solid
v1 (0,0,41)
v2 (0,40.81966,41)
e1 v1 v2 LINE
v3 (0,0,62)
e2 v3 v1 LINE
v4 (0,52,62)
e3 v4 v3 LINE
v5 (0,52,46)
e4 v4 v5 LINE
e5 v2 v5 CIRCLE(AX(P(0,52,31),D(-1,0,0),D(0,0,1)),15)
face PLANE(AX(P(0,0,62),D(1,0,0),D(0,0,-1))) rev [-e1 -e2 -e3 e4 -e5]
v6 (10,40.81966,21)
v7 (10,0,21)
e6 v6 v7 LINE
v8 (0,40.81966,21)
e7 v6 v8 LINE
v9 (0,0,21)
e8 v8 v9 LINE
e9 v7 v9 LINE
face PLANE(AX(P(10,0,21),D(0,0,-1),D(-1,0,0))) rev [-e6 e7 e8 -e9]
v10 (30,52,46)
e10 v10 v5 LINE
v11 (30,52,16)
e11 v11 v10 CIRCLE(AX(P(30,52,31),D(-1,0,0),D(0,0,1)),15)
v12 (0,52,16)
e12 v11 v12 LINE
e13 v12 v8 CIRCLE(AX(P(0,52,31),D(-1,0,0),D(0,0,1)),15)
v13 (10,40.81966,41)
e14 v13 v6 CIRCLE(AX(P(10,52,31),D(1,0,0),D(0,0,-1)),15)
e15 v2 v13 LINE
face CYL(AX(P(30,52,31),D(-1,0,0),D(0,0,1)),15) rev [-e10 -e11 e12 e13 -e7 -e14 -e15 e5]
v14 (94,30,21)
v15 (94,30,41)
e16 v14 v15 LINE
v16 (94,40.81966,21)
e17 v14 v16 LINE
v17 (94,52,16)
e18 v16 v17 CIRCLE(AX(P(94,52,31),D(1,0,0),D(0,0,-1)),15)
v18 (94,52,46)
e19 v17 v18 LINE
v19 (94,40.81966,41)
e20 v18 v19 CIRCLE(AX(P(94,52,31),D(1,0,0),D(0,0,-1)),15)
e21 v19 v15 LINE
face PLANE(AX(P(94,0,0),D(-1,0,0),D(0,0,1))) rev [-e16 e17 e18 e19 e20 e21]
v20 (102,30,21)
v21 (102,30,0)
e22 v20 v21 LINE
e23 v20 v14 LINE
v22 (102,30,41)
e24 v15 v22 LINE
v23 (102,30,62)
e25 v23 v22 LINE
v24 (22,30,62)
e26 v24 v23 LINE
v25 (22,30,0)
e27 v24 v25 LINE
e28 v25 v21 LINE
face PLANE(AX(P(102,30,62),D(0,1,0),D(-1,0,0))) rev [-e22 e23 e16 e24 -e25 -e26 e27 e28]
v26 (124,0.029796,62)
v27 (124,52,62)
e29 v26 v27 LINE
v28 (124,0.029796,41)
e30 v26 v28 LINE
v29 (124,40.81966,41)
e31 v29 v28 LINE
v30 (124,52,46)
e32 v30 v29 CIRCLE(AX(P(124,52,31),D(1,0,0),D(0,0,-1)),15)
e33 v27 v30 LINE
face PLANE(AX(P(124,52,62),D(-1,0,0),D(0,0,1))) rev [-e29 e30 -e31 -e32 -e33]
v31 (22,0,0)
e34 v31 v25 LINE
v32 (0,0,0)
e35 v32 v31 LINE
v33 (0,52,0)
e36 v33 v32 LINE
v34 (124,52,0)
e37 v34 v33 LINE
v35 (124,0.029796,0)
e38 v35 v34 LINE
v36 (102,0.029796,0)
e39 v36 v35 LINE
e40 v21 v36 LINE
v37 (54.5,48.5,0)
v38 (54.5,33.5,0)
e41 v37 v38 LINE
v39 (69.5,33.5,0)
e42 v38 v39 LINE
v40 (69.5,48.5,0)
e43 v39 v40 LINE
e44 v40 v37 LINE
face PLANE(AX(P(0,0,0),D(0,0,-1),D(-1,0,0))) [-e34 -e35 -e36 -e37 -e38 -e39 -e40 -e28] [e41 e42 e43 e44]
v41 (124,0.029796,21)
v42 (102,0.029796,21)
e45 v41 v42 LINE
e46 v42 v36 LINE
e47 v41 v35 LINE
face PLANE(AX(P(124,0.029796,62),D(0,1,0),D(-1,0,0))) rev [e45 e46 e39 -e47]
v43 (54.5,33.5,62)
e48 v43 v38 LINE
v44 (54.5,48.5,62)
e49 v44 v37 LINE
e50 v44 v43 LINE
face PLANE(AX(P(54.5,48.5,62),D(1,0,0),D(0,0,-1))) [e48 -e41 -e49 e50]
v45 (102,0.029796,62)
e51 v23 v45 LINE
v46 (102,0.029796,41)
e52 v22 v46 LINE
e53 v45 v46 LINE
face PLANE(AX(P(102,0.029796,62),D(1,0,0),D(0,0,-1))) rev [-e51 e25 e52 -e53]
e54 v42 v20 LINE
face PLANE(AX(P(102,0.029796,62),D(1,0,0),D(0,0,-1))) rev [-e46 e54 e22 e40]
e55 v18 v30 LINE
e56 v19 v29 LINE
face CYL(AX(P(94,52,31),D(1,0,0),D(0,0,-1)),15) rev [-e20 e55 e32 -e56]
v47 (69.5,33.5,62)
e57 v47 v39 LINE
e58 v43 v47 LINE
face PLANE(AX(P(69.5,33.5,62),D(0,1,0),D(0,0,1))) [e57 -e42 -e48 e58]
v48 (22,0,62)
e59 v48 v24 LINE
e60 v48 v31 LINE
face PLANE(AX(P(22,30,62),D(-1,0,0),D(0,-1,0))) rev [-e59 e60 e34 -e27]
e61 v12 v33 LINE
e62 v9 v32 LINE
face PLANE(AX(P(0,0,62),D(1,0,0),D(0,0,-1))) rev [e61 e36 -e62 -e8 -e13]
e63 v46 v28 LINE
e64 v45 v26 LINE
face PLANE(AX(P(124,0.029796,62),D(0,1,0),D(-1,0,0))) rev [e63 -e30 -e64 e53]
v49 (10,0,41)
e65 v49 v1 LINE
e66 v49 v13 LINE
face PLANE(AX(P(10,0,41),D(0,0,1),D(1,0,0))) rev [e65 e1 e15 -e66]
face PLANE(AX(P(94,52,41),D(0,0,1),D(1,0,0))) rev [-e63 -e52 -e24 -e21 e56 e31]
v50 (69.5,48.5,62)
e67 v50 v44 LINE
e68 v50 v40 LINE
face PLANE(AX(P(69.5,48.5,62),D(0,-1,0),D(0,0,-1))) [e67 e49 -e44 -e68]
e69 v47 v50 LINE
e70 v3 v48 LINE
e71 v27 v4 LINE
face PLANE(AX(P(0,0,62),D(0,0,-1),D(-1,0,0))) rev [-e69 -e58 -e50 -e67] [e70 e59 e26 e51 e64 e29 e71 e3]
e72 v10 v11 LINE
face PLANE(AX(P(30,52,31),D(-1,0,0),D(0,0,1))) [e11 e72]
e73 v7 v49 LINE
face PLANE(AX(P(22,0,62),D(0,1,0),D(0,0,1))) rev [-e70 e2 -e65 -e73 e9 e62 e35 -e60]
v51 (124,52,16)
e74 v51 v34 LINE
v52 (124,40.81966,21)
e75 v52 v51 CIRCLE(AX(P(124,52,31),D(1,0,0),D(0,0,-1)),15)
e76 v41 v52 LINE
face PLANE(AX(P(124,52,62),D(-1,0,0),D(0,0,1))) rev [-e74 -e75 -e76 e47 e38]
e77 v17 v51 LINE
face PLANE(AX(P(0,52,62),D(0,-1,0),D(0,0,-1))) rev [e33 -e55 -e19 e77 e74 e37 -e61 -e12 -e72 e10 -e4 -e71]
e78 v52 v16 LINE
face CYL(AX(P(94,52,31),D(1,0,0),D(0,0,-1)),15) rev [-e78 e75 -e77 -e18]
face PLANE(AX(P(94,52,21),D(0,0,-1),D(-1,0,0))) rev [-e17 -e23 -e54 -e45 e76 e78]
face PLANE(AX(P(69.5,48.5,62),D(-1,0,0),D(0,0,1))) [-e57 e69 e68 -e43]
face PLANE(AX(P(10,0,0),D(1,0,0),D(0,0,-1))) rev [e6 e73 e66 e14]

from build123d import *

# Parameters (mm, degrees)
SKETCH1_W           = 15
SKETCH1_H           = 15
BOSS_EXTRUDE2_DEPTH = 62
SKETCH2_W           = 20
SKETCH2_H           = 52
CUT_EXTRUDE1_DEPTH  = 10
CUT_EXTRUDE2_DEPTH  = 30
SKETCH5_W           = 20
SKETCH5_H           = 52
CUT_EXTRUDE4_DEPTH  = 30
CUT_EXTRUDE5_START  = -30
CUT_EXTRUDE5_DEPTH  = 30


with BuildPart() as part:
    # Sketch1 → Boss-Extrude2 (new body)
    with BuildSketch(Plane.XY):
        Polygon((0, 0), (0, 52), (124, 52), (124, 0.029795627), (102, 0.029795627), (102, 30), (22, 30), (22, 0), align=None)
        with Locations((62, 41)):
            Rectangle(SKETCH1_W, SKETCH1_H, mode=Mode.SUBTRACT)
    extrude(amount=BOSS_EXTRUDE2_DEPTH)

    # Sketch2 → Cut-Extrude1 (cut)
    with BuildSketch(Plane.ZY):
        with Locations((31, 26)):
            Rectangle(SKETCH2_W, SKETCH2_H)
    extrude(amount=-CUT_EXTRUDE1_DEPTH, mode=Mode.SUBTRACT)

    # Sketch3 → Cut-Extrude2 (cut)
    with BuildSketch(Plane.ZY):
        with BuildLine():
            Line((16, 52), (46, 52))
            ThreePointArc((46, 52), (31, 37), (16, 52))
        make_face()
    extrude(amount=-CUT_EXTRUDE2_DEPTH, mode=Mode.SUBTRACT)

    # Sketch5 → Cut-Extrude4 (cut)
    with BuildSketch(Plane(origin=(124, 0, 0), x_dir=(0, 0, -1), z_dir=(1, 0, 0))):
        with Locations((-31, 26)):
            Rectangle(SKETCH5_W, SKETCH5_H)
    extrude(amount=-CUT_EXTRUDE4_DEPTH, mode=Mode.SUBTRACT)

    # Sketch6 → Cut-Extrude5 (cut)
    with BuildSketch(Plane(origin=(124, 0, 0), x_dir=(0, 0, -1), z_dir=(1, 0, 0)).offset(CUT_EXTRUDE5_START)):
        with BuildLine():
            Line((-46, 52), (-16, 52))
            ThreePointArc((-16, 52), (-31, 37), (-46, 52))
        make_face()
    extrude(amount=CUT_EXTRUDE5_DEPTH, mode=Mode.SUBTRACT)


solid = part.part
